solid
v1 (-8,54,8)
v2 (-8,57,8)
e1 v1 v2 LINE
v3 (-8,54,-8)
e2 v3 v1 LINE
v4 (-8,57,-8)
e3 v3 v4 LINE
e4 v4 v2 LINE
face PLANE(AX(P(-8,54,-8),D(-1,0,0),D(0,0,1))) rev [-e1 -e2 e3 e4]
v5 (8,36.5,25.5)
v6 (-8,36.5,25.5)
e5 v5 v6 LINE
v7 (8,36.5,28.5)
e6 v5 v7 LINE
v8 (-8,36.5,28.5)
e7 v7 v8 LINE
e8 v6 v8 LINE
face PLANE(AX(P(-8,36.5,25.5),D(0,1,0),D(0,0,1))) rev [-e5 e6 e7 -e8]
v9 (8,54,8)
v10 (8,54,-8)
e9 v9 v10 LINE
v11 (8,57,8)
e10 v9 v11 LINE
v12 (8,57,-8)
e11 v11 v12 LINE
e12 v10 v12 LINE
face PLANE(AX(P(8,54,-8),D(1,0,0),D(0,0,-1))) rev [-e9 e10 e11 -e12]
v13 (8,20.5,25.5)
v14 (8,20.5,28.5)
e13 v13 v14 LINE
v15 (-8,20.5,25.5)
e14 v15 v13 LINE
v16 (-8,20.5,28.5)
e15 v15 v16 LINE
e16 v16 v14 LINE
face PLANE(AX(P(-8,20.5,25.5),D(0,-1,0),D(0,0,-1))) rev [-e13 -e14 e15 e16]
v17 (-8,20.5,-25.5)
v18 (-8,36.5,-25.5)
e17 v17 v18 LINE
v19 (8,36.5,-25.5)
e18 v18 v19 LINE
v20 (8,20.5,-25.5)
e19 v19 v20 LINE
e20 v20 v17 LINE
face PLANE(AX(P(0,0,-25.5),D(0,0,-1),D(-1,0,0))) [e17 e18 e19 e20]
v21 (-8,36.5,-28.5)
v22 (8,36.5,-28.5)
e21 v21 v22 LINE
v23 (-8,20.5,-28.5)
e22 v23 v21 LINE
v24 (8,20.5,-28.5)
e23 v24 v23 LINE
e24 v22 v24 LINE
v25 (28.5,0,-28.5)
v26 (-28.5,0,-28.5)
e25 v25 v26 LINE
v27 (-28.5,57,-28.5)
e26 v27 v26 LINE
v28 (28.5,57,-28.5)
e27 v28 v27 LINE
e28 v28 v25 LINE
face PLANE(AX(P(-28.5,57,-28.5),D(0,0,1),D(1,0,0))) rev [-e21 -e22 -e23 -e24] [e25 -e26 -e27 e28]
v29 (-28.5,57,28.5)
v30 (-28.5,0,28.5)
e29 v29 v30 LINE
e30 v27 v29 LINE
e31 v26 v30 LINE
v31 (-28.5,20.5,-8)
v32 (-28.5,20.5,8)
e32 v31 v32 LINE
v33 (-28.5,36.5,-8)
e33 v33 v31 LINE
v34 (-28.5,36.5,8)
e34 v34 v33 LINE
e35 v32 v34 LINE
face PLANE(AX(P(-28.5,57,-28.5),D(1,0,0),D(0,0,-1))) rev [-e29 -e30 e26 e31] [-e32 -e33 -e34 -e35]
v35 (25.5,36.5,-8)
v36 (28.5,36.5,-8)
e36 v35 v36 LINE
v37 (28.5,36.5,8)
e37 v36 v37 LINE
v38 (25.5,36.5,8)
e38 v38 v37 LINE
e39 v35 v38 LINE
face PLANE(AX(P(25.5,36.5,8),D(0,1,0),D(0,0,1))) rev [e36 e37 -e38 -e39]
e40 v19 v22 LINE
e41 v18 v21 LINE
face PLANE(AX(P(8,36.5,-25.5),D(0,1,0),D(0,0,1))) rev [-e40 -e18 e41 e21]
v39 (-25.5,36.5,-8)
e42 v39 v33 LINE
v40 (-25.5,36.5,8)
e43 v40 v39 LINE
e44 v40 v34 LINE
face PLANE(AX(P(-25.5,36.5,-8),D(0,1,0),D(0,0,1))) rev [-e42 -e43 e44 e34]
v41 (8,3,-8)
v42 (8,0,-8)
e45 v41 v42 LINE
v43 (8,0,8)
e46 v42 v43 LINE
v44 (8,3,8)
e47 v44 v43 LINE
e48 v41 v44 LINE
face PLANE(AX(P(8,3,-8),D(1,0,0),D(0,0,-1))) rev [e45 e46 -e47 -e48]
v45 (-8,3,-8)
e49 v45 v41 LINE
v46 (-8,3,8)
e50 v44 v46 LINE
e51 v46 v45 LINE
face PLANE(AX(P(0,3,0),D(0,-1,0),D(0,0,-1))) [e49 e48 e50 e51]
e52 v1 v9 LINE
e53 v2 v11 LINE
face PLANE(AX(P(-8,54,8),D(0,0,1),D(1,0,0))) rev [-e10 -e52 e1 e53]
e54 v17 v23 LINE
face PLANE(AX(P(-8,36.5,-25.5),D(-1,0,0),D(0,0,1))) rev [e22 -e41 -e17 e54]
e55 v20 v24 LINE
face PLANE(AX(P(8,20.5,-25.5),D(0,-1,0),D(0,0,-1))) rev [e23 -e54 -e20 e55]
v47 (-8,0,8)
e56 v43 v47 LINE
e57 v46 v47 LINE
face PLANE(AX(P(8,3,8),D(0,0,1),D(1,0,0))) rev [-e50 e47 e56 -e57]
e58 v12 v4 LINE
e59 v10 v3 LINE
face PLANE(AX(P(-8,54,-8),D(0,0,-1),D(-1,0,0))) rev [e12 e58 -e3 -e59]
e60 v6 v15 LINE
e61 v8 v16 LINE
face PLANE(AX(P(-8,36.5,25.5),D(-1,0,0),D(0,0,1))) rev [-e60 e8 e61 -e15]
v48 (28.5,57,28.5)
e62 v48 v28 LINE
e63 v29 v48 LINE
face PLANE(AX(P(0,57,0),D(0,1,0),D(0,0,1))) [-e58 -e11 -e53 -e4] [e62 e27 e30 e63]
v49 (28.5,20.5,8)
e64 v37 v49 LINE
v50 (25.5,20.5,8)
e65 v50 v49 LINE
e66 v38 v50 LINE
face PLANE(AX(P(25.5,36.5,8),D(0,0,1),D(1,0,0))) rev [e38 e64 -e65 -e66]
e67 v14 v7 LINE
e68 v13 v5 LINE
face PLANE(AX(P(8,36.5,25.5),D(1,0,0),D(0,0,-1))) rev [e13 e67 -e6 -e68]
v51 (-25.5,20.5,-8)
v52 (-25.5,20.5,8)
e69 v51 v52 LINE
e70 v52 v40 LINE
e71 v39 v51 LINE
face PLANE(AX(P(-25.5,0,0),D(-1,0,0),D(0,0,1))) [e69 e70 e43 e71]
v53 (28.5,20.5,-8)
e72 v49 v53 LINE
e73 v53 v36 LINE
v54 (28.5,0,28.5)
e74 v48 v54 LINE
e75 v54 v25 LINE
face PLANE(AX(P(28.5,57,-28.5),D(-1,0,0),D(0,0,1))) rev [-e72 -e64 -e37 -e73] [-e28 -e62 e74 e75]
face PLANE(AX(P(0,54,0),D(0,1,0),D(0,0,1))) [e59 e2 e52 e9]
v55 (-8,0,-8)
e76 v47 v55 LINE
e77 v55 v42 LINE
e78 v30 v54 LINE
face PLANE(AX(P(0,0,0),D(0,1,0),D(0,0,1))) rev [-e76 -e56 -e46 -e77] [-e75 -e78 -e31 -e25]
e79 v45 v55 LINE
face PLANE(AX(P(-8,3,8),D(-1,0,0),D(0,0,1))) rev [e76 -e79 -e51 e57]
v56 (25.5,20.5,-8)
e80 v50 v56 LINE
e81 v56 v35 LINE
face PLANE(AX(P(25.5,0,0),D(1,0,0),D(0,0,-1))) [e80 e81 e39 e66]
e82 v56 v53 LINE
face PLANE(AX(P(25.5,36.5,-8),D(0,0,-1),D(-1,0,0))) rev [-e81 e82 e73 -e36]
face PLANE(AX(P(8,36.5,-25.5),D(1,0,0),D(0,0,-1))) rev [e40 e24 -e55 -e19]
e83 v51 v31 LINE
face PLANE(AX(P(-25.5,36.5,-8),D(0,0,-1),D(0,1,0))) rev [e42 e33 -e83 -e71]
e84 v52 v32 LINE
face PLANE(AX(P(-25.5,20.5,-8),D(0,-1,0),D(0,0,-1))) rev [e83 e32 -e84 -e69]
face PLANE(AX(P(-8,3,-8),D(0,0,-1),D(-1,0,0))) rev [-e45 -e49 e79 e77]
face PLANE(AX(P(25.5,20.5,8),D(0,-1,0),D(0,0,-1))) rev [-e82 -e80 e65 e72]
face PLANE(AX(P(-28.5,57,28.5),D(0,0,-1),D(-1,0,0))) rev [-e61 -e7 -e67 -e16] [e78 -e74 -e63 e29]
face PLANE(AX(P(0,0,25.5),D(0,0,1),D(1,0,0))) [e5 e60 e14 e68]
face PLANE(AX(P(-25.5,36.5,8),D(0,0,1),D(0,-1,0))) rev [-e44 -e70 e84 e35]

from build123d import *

# Parameters (mm, degrees)
SKETCH_1_W          = 57
SKETCH_1_H          = 57
EXTRUDE_1_DEPTH     = 57
SKETCH_2_W          = 16
SKETCH_2_H          = 16
CUT_EXTRUDE_1_DEPTH = 3
SKETCH_3_W          = 16
SKETCH_3_H          = 16
CUT_EXTRUDE_2_DEPTH = 3
SKETCH_4_W          = 16
SKETCH_4_H          = 16
CUT_EXTRUDE_3_DEPTH = 3
SKETCH_5_W          = 16
SKETCH_5_H          = 16
CUT_EXTRUDE_4_DEPTH = 3
SKETCH_6_W          = 16
SKETCH_6_H          = 16
CUT_EXTRUDE_5_DEPTH = 3
SKETCH_7_W          = 16
SKETCH_7_H          = 16
CUT_EXTRUDE_6_DEPTH = 3


with BuildPart() as part:
    # 草图1 → 凸台-拉伸1 (new body)
    with BuildSketch(Plane(origin=(0, 0, 0), x_dir=(1, 0, 0), z_dir=(0, 1, 0))):
        Rectangle(SKETCH_1_W, SKETCH_1_H)
    extrude(amount=EXTRUDE_1_DEPTH)

    # 草图2 → 切除-拉伸1 (cut)
    with BuildSketch(Plane.XY.offset(28.5)):
        with Locations((0, 28.5)):
            Rectangle(SKETCH_2_W, SKETCH_2_H)
    extrude(amount=-CUT_EXTRUDE_1_DEPTH, mode=Mode.SUBTRACT)

    # 草图3 → 切除-拉伸2 (cut)
    with BuildSketch(Plane(origin=(28.5, 0, 0), x_dir=(0, 0, -1), z_dir=(1, 0, 0))):
        with Locations((0, 28.5)):
            Rectangle(SKETCH_3_W, SKETCH_3_H)
    extrude(amount=-CUT_EXTRUDE_2_DEPTH, mode=Mode.SUBTRACT)

    # 草图4 → 切除-拉伸3 (cut)
    with BuildSketch(Plane(origin=(0, 0, -28.5), x_dir=(-1, 0, 0), z_dir=(0, 0, -1))):
        with Locations((0, 28.5)):
            Rectangle(SKETCH_4_W, SKETCH_4_H)
    extrude(amount=-CUT_EXTRUDE_3_DEPTH, mode=Mode.SUBTRACT)

    # 草图5 → 切除-拉伸4 (cut)
    with BuildSketch(Plane.ZY.offset(28.5)):
        with Locations((0, 28.5)):
            Rectangle(SKETCH_5_W, SKETCH_5_H)
    extrude(amount=-CUT_EXTRUDE_4_DEPTH, mode=Mode.SUBTRACT)

    # 草图6 → 切除-拉伸5 (cut)
    with BuildSketch(Plane(origin=(0, 57, 0), x_dir=(1, 0, 0), z_dir=(0, 1, 0))):
        Rectangle(SKETCH_6_W, SKETCH_6_H)
    extrude(amount=-CUT_EXTRUDE_5_DEPTH, mode=Mode.SUBTRACT)

    # 草图7 → 切除-拉伸6 (cut)
    with BuildSketch(Plane.XZ):
        Rectangle(SKETCH_7_W, SKETCH_7_H)
    extrude(amount=-CUT_EXTRUDE_6_DEPTH, mode=Mode.SUBTRACT)


solid = part.part
